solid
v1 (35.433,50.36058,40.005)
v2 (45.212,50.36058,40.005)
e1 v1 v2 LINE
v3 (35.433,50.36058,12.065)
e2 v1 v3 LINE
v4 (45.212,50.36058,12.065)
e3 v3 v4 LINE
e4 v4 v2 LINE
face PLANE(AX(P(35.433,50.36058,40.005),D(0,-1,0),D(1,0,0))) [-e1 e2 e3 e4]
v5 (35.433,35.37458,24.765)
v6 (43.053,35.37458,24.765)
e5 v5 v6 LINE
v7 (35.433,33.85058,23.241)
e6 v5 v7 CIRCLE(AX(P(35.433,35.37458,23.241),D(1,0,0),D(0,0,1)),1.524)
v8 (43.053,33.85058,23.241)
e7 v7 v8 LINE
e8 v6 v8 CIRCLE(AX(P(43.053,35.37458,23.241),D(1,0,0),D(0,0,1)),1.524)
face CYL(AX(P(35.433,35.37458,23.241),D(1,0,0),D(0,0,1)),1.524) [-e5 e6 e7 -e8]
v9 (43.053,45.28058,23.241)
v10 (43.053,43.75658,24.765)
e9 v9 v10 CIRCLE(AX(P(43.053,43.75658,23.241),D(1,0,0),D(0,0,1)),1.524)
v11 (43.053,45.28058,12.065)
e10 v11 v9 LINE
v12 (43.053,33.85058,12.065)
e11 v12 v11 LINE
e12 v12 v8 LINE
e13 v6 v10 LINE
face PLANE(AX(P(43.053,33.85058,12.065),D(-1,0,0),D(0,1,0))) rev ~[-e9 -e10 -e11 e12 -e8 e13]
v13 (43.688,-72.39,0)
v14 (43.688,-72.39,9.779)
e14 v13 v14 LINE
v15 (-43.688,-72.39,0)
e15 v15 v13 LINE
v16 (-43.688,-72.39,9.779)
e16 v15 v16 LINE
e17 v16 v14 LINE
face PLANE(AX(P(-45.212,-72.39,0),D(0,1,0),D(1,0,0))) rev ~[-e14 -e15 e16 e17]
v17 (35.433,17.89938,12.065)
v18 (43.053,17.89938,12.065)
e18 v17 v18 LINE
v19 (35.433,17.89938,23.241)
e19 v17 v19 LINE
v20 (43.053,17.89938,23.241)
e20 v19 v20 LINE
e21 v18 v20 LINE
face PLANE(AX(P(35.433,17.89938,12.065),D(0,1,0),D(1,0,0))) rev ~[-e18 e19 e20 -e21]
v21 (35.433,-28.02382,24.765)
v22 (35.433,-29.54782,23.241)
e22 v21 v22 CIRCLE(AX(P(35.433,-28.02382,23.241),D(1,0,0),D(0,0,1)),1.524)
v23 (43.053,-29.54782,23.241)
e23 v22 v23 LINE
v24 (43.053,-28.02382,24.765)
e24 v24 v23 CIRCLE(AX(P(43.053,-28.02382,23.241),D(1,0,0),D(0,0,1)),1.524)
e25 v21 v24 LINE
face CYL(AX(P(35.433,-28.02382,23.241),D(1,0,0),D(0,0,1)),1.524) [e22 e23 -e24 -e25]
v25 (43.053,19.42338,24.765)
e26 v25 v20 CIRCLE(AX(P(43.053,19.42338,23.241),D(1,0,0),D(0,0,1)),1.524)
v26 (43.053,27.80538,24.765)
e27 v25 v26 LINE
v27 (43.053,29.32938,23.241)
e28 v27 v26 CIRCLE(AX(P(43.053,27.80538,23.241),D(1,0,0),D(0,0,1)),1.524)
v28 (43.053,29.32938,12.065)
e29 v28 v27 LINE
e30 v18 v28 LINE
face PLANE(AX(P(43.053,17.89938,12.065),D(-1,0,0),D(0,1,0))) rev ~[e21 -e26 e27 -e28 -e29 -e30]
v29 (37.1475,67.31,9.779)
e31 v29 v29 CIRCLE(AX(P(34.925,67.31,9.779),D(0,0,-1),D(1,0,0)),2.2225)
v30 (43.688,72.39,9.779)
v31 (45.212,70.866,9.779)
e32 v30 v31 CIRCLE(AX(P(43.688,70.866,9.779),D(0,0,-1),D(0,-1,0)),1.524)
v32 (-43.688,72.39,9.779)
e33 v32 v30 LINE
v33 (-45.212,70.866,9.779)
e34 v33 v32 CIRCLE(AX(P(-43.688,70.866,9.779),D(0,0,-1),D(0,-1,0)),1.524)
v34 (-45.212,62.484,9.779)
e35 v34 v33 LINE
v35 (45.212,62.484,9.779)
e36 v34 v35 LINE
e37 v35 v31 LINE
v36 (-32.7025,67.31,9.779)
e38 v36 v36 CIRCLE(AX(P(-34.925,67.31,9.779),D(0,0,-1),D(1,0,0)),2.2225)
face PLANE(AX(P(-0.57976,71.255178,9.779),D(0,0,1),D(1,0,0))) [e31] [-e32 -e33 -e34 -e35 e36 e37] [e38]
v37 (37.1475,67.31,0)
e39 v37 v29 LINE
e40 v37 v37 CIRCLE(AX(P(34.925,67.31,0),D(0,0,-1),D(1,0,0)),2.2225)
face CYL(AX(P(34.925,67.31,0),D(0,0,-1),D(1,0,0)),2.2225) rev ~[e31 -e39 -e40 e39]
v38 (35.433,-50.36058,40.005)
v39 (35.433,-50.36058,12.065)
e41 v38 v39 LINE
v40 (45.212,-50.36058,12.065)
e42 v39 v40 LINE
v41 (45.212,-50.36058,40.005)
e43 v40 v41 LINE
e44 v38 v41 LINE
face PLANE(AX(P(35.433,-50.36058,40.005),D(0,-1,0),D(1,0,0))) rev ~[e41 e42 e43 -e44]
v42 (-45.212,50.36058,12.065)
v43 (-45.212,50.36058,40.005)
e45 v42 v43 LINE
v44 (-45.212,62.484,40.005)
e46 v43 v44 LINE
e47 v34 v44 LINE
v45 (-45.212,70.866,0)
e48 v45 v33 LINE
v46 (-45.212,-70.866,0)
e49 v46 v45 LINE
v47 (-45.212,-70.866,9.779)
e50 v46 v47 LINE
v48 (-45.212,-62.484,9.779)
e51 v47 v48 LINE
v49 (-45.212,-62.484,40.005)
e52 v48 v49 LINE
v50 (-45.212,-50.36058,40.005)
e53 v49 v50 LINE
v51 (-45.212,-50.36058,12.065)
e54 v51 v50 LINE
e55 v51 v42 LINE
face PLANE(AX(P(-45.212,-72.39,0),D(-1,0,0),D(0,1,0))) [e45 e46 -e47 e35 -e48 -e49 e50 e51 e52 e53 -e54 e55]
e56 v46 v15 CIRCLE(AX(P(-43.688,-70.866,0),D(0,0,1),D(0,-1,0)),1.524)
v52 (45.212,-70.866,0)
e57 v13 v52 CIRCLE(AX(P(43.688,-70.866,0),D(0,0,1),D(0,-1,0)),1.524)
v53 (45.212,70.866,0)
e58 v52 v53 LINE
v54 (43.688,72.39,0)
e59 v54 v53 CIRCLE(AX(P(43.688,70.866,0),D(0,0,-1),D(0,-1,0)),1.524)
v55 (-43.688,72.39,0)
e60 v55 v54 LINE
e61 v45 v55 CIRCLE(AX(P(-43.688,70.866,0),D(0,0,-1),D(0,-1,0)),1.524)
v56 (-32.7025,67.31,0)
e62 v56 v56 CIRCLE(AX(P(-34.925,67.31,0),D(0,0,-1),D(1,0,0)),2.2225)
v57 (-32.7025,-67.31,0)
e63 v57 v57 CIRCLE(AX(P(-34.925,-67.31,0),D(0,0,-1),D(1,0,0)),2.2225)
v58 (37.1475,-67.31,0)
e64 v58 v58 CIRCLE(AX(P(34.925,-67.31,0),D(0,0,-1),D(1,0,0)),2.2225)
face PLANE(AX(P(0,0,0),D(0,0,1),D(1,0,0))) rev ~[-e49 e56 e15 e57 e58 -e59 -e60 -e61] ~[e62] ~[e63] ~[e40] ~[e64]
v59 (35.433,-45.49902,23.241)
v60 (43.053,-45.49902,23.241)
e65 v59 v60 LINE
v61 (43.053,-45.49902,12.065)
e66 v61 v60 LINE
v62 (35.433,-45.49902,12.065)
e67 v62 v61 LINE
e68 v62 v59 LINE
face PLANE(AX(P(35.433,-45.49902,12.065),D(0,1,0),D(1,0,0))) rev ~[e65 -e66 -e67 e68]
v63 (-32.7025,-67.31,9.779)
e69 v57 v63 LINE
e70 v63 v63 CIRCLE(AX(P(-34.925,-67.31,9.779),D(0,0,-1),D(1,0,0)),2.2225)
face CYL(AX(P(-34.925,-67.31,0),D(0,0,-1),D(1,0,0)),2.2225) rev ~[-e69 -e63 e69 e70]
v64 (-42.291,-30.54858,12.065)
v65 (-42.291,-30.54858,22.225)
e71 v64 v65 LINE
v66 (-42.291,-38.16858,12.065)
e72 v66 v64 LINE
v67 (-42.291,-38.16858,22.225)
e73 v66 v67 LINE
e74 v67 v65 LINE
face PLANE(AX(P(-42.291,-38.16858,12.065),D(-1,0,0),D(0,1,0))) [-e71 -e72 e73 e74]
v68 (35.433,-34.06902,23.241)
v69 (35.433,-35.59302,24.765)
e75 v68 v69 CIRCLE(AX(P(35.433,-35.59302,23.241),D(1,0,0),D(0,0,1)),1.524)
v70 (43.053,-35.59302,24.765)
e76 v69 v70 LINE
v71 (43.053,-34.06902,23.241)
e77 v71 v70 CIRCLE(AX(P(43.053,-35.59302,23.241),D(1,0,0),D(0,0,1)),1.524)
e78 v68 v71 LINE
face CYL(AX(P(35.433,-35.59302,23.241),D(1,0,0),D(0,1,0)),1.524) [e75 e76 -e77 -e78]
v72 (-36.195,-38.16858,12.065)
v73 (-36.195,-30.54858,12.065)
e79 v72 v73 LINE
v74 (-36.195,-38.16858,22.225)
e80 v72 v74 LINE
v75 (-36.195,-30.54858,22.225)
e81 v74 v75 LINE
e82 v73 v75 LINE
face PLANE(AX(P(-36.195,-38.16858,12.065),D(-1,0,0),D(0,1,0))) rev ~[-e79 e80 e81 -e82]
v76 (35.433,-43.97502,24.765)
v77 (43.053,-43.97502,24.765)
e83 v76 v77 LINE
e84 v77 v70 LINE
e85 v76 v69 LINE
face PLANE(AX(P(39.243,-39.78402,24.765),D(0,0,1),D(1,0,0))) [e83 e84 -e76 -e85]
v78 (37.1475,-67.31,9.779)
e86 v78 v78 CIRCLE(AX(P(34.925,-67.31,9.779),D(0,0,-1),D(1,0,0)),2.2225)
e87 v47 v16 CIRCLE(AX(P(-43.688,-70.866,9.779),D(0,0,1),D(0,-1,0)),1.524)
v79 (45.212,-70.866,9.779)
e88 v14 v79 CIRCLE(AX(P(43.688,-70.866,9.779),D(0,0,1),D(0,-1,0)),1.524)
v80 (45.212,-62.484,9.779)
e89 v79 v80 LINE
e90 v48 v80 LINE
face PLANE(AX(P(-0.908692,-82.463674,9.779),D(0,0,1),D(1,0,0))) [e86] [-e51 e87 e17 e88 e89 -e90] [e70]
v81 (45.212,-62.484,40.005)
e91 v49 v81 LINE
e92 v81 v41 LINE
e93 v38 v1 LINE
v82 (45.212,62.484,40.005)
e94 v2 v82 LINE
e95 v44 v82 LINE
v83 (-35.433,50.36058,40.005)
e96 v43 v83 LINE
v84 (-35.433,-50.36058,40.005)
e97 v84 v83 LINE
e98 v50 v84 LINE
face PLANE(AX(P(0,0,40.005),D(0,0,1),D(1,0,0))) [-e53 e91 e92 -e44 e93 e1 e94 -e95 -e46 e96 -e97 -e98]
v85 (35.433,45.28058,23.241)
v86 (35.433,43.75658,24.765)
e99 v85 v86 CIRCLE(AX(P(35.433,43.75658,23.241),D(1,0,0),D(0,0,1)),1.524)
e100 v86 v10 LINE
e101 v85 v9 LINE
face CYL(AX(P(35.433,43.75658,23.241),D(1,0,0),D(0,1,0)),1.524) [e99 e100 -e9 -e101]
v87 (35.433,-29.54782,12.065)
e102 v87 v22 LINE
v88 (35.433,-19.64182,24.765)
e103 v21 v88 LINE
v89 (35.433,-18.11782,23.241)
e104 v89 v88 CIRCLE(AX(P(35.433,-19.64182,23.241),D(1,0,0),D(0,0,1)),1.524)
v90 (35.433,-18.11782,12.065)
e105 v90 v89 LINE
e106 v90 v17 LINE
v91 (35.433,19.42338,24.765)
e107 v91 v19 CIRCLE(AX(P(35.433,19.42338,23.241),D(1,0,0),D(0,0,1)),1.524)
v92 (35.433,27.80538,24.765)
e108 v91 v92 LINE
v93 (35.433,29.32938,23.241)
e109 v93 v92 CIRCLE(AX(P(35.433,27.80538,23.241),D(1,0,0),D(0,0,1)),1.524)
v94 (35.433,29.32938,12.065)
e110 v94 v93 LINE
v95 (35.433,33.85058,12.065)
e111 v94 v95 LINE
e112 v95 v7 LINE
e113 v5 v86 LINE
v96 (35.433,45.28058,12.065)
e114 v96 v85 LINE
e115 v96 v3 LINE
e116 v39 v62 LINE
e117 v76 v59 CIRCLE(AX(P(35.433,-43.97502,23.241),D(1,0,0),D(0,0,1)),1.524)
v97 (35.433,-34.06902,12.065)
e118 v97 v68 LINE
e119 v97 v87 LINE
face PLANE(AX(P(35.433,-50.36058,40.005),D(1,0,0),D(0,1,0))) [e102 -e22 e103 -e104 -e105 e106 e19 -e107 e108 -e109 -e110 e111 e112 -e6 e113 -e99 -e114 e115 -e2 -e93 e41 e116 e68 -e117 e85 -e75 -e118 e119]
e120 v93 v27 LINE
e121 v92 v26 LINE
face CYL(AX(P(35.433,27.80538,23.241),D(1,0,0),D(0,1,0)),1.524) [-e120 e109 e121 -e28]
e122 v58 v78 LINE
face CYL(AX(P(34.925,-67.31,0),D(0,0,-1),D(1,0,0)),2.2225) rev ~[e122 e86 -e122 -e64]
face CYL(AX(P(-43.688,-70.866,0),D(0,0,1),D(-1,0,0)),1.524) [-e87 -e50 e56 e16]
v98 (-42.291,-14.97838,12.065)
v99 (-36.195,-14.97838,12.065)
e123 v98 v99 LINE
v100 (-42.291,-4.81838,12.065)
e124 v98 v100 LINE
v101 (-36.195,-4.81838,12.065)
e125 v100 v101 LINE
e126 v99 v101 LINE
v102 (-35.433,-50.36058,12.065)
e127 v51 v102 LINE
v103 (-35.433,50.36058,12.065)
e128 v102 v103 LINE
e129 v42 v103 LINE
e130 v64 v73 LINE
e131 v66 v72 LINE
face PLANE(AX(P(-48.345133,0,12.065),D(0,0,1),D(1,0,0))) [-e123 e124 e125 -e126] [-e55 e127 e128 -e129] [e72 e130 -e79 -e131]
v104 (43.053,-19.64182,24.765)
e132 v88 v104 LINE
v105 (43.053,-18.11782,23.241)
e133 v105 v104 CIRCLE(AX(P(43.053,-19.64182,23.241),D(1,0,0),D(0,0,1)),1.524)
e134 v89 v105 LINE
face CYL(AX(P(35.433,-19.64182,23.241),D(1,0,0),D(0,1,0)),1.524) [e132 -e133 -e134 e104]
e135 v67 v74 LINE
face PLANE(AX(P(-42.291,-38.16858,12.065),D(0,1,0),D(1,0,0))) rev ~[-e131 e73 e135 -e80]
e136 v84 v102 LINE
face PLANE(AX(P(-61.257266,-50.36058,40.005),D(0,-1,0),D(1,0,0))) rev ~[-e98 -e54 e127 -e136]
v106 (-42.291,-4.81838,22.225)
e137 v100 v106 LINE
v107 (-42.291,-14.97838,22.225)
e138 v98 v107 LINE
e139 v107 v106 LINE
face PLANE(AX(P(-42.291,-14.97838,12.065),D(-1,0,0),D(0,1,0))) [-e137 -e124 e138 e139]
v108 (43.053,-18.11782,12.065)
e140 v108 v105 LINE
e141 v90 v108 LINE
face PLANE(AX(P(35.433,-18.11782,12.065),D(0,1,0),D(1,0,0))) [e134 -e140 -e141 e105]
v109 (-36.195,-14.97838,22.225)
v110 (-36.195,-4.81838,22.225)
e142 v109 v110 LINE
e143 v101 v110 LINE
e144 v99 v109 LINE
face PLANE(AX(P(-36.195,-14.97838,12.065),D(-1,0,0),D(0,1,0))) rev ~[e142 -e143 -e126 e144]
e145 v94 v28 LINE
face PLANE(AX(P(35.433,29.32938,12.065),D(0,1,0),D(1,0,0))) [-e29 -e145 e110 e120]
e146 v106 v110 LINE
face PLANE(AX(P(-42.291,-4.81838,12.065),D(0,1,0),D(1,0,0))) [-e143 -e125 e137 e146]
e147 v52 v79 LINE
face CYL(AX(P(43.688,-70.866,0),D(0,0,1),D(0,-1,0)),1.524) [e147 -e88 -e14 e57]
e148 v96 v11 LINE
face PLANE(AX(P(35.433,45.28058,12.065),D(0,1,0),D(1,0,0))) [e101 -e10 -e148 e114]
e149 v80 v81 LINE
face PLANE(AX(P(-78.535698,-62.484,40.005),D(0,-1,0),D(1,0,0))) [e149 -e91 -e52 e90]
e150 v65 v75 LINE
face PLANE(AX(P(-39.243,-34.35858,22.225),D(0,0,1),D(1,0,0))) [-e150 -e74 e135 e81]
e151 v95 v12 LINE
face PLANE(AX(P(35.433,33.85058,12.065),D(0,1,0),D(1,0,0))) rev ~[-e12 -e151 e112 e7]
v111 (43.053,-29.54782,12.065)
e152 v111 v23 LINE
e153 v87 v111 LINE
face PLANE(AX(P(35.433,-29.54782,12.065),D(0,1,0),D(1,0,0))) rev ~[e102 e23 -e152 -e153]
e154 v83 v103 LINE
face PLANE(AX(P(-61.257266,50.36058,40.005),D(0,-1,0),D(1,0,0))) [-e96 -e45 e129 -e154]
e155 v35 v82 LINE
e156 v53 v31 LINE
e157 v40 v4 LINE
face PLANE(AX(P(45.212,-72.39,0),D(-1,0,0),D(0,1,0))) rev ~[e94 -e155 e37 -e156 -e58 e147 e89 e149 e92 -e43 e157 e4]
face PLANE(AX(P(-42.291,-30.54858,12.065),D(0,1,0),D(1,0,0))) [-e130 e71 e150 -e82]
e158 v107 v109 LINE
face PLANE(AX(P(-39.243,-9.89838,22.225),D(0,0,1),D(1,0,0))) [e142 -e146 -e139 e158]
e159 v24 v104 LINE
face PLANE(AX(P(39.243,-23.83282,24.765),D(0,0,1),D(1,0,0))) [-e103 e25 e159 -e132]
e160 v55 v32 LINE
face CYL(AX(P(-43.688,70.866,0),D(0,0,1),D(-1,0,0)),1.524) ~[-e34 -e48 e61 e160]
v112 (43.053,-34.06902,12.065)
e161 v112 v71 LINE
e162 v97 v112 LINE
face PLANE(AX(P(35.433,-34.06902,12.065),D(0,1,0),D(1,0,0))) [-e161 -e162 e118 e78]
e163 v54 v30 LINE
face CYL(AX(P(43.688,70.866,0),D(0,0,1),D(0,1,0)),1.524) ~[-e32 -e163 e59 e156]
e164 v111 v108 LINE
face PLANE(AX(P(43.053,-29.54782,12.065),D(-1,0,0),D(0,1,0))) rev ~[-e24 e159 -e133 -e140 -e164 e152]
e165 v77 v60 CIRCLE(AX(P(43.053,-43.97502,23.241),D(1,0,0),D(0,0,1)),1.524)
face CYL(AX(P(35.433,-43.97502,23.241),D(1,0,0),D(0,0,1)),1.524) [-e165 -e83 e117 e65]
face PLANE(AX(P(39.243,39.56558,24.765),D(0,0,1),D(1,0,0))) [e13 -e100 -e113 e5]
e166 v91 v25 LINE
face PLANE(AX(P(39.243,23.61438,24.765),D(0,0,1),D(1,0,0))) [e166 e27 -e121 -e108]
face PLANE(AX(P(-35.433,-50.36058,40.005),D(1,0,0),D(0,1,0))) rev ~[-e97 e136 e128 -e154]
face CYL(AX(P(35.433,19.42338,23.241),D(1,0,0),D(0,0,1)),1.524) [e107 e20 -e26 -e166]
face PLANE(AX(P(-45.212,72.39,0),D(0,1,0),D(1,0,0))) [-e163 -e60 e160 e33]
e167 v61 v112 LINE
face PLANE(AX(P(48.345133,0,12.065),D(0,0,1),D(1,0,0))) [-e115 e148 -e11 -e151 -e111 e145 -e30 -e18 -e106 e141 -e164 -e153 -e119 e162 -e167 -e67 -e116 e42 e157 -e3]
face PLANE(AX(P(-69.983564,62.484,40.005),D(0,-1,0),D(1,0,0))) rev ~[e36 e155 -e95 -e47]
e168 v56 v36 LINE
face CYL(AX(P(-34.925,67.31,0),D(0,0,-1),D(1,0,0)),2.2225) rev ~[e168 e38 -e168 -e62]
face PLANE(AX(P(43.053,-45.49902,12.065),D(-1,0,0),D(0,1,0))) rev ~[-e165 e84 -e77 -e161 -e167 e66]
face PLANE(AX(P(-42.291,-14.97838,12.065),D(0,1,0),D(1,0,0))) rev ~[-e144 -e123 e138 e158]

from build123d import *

# Parameters (mm, degrees)
F0_W      = 90.424
F0_H      = 144.78
F1_DEPTH  = 40.005
F2_W      = 155.254013
F2_H      = 39.959349
F2_W_2    = 138.807609
F2_H_2    = 17.542356
F3_DEPTH  = 30.226
F4_R      = 1.524
F5_R      = 2.2225
F6_DEPTH  = 25.4
F7_W      = 25.824266
F7_H      = 100.72116
F8_DEPTH  = 27.94
F9_W      = 7.62
F9_H      = 11.43
F10_DEPTH = 12.7
F11_R     = 1.524
F12_W     = 6.096
F12_H     = 7.62
F12_H_2   = 10.16
F13_DEPTH = 10.16


with BuildPart() as f1:
    # F0 (on Top) → F1 (new body)
    with BuildSketch(Plane.XY):
        Rectangle(F0_W, F0_H)
    extrude(amount=F1_DEPTH)

    # F2 (on face) → F3 (cut)
    with BuildSketch(Plane.XY.offset(40.005)):
        with Locations((-0.908692, -82.463674)):
            Rectangle(F2_W, F2_H)
        with Locations((-0.57976, 71.255178)):
            Rectangle(F2_W_2, F2_H_2)
    extrude(amount=-F3_DEPTH, mode=Mode.SUBTRACT)

    # F4
    f4_edges = [f1.edges().sort_by_distance(p)[0] for p in [
        (45.212, -72.39, 4.8895),
        (-45.212, -72.39, 4.8895),
        (45.212, 72.39, 4.8895),
        (-45.212, 72.39, 4.8895),
    ]]
    fillet(f4_edges, radius=F4_R)

    # F5 (on face) → F6 (cut)
    with BuildSketch(Plane(origin=(0, 0, 0), x_dir=(1, 0, 0), z_dir=(0, 0, -1))):
        with Locations((-34.925, 67.31)):
            Circle(F5_R)
        with Locations((34.925, 67.31)):
            Circle(F5_R)
        with Locations((34.925, -67.31)):
            Circle(F5_R)
        with Locations((-34.925, -67.31)):
            Circle(F5_R)
    extrude(amount=-F6_DEPTH, mode=Mode.SUBTRACT)

    # F7 (on face) → F8 (cut)
    with BuildSketch(Plane.XY.offset(40.005)):
        with Locations((-48.345133, 0)):
            Rectangle(F7_W, F7_H)
        with Locations((48.345133, 0)):
            Rectangle(F7_W, F7_H)
    extrude(amount=-F8_DEPTH, mode=Mode.SUBTRACT)

    # F9 (on face) → F10 (join)
    with BuildSketch(Plane.XY.offset(12.065)):
        with Locations((39.243, 39.56558)):
            Rectangle(F9_W, F9_H)
        with Locations((39.243, 23.61438)):
            Rectangle(F9_W, F9_H)
        with Locations((39.243, -23.83282)):
            Rectangle(F9_W, F9_H)
        with Locations((39.243, -39.78402)):
            Rectangle(F9_W, F9_H)
    extrude(amount=F10_DEPTH)

    # F11
    f11_edges = [f1.edges().sort_by_distance(p)[0] for p in [
        (39.243, -45.49902, 24.765),
        (39.243, -34.06902, 24.765),
        (39.243, -29.54782, 24.765),
        (39.243, -18.11782, 24.765),
        (39.243, 17.89938, 24.765),
        (39.243, 33.85058, 24.765),
        (39.243, 29.32938, 24.765),
        (39.243, 45.28058, 24.765),
    ]]
    fillet(f11_edges, radius=F11_R)

    # F12 (on face) → F13 (join)
    with BuildSketch(Plane.XY.offset(12.065)):
        with Locations((-39.243, -34.35858)):
            Rectangle(F12_W, F12_H)
        with Locations((-39.243, -9.89838)):
            Rectangle(F12_W, F12_H_2)
    extrude(amount=F13_DEPTH)


solid = f1.part
